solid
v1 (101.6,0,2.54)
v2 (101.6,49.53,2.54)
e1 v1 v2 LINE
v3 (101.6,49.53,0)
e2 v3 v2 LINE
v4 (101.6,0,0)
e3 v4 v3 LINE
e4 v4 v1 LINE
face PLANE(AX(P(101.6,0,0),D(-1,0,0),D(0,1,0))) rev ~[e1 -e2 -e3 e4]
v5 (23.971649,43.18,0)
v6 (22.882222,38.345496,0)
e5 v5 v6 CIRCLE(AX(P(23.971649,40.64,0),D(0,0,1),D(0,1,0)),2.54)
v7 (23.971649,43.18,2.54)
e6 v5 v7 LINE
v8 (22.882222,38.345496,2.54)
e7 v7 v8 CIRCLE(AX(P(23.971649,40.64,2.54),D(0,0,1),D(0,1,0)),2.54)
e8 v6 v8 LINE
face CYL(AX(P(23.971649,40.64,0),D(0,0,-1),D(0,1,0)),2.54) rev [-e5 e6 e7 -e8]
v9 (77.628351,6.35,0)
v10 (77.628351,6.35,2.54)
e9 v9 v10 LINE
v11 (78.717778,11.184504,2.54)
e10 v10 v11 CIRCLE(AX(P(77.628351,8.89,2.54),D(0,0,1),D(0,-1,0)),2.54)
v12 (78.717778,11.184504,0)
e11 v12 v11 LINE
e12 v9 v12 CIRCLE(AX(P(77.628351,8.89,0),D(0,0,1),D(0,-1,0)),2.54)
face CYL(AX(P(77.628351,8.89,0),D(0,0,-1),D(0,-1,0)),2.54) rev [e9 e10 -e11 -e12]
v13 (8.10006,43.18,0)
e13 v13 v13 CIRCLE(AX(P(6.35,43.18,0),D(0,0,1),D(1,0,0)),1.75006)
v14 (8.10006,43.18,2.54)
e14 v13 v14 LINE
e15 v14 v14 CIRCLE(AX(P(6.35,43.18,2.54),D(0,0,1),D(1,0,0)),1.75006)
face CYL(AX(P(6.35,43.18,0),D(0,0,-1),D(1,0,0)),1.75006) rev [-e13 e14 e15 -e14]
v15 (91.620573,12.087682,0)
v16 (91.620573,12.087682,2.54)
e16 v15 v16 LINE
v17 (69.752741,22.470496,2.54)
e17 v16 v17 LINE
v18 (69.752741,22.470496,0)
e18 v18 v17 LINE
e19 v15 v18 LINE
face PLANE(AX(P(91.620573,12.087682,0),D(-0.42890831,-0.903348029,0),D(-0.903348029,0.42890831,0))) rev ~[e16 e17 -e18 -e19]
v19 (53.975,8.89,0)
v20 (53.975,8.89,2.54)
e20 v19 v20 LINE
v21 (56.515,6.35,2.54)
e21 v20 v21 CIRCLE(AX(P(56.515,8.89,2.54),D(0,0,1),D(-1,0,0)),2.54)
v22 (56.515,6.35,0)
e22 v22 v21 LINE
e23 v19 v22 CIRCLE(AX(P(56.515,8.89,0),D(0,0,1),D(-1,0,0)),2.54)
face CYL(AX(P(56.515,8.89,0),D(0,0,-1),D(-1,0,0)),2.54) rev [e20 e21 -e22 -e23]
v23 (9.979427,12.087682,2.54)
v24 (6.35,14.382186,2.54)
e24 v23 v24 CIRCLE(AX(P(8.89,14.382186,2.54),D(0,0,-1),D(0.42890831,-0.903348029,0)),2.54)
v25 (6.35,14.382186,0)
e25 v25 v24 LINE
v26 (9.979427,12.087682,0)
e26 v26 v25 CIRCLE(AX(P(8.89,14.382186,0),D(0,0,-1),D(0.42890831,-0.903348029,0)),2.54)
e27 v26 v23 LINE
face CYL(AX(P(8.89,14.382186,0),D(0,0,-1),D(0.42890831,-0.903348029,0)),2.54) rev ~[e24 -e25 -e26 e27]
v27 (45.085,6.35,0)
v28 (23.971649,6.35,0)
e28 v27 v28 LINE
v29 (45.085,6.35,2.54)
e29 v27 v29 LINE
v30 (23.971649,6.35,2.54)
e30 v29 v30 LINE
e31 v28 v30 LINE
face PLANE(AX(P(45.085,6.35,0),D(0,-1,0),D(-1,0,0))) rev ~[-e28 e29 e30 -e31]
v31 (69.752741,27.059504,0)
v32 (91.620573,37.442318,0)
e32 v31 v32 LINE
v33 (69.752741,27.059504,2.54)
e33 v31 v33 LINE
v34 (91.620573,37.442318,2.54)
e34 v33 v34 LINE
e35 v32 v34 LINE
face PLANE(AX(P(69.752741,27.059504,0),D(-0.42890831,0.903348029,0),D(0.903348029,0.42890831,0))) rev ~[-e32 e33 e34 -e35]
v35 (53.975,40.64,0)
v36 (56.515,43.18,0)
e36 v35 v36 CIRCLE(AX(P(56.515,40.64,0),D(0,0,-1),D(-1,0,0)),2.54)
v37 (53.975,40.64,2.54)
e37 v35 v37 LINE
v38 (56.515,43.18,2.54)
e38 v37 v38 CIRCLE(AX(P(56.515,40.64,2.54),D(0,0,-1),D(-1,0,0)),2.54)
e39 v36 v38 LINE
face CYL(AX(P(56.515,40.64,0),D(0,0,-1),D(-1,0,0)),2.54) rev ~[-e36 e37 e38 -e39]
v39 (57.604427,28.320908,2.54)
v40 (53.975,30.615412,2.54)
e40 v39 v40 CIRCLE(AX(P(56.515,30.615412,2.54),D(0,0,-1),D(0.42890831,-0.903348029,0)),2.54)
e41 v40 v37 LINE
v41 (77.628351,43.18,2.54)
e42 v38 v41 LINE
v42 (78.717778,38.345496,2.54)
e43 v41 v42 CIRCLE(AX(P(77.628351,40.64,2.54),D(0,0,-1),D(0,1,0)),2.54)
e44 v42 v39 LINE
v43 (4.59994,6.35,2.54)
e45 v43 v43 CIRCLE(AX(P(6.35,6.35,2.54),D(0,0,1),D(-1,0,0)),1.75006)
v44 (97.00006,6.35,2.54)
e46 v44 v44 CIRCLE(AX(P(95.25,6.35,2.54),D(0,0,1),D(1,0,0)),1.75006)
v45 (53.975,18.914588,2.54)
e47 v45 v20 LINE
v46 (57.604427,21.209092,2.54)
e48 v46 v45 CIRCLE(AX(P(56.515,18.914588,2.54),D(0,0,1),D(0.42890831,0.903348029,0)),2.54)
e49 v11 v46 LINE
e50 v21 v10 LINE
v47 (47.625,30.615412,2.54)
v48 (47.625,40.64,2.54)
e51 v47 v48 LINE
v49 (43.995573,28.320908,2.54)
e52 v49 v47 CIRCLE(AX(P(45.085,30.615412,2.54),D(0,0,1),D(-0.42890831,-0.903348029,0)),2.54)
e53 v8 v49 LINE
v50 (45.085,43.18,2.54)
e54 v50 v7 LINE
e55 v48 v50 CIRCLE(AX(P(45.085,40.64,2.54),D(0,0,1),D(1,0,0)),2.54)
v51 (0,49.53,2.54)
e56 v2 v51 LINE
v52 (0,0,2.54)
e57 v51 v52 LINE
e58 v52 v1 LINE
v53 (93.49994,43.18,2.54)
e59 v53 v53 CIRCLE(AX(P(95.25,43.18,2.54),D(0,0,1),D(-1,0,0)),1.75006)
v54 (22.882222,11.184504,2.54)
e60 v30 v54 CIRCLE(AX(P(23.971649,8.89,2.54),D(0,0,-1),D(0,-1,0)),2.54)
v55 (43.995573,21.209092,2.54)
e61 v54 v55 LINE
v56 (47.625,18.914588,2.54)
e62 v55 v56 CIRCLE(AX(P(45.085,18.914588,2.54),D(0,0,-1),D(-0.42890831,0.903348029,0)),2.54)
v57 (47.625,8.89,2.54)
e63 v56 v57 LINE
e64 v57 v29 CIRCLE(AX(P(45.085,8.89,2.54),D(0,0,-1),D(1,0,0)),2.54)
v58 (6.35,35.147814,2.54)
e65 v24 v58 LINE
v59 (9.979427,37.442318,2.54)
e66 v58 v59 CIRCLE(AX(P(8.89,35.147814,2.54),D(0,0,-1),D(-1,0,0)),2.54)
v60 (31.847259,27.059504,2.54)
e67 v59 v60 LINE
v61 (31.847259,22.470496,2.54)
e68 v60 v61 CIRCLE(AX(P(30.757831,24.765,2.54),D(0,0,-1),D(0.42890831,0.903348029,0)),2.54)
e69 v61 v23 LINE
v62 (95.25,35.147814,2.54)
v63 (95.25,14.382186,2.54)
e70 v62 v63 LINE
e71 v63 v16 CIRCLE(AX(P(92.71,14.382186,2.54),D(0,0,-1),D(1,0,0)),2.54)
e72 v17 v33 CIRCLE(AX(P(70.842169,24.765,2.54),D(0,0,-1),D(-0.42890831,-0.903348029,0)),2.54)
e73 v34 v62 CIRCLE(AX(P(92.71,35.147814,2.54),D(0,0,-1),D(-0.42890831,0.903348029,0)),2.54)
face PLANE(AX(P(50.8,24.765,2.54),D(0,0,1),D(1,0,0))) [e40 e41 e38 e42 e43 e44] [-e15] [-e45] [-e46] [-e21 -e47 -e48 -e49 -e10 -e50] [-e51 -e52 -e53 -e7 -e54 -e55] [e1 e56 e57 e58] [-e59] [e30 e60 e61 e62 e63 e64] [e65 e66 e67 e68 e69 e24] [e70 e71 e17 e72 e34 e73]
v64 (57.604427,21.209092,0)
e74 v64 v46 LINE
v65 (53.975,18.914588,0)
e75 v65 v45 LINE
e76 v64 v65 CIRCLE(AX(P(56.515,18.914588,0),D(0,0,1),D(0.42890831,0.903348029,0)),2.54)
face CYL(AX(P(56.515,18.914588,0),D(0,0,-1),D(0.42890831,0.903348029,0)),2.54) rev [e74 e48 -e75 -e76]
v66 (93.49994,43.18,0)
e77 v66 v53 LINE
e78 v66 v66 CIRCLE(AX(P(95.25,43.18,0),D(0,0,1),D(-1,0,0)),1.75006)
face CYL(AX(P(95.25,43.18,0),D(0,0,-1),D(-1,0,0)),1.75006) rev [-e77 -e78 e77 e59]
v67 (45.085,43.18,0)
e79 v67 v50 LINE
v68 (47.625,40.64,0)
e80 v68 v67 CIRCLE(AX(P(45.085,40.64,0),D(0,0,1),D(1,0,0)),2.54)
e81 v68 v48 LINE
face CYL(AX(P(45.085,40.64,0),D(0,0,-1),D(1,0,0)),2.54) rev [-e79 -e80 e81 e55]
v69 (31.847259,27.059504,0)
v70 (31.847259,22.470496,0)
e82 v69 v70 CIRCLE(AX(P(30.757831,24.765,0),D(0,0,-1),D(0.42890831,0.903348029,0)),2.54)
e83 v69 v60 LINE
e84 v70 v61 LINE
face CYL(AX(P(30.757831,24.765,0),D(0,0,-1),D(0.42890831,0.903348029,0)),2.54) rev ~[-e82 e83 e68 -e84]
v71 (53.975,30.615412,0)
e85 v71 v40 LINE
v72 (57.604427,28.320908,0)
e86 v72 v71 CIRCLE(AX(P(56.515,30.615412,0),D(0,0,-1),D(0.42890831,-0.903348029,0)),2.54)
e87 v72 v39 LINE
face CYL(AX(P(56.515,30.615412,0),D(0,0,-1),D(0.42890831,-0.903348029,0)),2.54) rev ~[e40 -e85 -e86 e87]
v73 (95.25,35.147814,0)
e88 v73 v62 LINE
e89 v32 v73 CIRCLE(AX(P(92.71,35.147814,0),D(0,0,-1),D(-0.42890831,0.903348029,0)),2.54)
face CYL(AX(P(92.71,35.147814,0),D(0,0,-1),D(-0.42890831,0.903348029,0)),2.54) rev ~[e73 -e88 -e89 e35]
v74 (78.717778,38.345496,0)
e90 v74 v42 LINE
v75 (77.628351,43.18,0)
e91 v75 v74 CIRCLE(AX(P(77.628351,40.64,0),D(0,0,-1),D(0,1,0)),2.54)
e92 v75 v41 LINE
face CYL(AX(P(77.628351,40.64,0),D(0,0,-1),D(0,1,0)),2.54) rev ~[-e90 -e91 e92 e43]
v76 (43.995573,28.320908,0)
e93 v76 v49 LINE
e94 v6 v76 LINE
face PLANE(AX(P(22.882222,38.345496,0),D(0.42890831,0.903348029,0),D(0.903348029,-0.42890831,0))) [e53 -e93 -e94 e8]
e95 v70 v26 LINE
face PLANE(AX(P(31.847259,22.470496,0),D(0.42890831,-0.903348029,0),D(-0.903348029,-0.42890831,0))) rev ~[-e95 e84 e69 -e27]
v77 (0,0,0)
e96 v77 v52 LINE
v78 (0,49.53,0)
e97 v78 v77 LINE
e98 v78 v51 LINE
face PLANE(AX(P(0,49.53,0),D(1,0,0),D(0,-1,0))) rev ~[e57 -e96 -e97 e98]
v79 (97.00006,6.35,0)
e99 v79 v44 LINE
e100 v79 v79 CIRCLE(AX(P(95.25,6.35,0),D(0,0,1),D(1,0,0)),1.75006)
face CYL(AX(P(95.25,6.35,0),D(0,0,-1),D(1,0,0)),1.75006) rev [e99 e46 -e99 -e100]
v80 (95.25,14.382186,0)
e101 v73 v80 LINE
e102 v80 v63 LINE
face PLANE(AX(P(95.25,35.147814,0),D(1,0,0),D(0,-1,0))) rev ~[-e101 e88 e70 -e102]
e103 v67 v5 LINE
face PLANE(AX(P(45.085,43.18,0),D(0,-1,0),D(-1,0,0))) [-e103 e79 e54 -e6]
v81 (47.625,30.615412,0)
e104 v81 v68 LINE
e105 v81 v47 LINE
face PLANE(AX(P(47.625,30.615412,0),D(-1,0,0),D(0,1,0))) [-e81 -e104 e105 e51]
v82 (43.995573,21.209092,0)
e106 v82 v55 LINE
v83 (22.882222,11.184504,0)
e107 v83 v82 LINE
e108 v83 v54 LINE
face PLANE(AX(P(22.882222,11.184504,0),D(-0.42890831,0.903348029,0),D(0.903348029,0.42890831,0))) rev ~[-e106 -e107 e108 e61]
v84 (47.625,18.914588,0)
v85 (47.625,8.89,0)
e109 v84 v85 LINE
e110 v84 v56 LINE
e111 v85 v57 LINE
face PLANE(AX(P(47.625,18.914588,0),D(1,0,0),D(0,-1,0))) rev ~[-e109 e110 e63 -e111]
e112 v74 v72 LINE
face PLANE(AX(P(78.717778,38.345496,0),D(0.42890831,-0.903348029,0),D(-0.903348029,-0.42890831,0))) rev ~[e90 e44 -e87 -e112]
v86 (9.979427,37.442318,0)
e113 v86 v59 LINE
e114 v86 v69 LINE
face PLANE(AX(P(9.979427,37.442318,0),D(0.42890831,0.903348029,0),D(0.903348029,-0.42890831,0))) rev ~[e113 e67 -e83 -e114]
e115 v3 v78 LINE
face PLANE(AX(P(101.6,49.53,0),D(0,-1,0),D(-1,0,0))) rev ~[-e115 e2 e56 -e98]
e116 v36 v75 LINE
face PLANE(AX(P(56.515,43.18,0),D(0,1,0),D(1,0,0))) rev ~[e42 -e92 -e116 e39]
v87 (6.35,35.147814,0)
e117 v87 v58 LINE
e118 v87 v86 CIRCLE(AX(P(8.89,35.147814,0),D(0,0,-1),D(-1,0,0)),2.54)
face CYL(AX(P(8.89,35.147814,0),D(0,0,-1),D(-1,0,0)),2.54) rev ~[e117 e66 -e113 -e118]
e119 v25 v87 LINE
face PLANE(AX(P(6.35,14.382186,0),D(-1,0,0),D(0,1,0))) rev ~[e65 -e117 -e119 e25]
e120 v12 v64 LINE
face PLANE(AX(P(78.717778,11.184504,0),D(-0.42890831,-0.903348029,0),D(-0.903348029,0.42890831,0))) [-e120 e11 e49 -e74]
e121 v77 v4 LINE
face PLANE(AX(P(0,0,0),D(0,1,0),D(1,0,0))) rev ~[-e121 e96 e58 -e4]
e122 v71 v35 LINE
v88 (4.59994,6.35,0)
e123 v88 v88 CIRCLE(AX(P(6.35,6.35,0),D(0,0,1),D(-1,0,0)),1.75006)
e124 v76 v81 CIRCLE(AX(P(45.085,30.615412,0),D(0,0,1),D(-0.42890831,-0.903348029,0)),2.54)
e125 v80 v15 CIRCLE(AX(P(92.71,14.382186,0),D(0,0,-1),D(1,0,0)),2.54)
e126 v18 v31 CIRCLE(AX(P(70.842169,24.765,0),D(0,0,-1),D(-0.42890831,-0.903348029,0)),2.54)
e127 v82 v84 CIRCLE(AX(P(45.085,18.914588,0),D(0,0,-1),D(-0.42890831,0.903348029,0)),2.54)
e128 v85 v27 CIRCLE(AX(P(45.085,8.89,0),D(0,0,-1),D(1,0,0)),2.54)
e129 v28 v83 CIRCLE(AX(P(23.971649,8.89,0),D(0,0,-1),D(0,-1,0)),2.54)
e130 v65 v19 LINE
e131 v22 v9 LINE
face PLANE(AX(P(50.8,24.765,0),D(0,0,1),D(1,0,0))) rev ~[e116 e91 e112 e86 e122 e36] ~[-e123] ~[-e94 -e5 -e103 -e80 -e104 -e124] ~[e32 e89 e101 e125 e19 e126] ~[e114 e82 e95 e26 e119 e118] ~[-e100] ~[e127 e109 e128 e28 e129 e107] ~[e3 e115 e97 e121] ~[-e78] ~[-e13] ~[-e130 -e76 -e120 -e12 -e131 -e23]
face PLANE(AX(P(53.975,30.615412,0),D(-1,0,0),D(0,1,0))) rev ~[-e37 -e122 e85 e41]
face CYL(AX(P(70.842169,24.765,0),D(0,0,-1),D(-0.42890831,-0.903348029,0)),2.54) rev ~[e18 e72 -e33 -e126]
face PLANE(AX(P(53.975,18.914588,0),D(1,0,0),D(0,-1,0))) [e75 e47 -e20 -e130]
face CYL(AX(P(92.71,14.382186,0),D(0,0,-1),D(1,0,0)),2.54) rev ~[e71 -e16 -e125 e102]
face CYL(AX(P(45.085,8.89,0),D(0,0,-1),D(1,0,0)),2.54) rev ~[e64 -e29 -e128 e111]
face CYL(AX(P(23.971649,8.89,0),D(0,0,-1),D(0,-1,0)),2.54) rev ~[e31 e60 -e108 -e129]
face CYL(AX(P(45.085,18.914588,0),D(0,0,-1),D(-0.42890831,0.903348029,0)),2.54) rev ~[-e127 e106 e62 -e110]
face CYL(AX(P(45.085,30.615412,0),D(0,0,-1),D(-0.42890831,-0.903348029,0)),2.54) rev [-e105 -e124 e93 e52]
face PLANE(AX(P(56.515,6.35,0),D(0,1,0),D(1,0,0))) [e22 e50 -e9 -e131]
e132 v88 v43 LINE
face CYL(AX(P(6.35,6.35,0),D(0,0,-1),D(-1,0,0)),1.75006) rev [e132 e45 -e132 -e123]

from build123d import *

# Parameters (mm, degrees)
SKETCH1_R           = 1.75006
SKETCH1_R_2         = 1.750059992
BOSS_EXTRUDE1_DEPTH = 2.54


with BuildPart() as part:
    # Sketch1 → Boss-Extrude1 (new body)
    with BuildSketch(Plane.XY):
        Polygon((2.54, 0), (99.06, 0), (101.6, 0), (101.6, 2.54), (101.6, 46.99), (101.6, 49.53), (99.06, 49.53), (2.54, 49.53), (0, 49.53), (0, 46.99), (0, 2.54), (0, 0), align=None)
        with Locations((6.35, 43.18)):
            Circle(SKETCH1_R, mode=Mode.SUBTRACT)
        with Locations(Location((6.35, 6.35, 0), (0, 0, 180))):
            Circle(SKETCH1_R, mode=Mode.SUBTRACT)
        with Locations((95.25, 6.35)):
            Circle(SKETCH1_R, mode=Mode.SUBTRACT)
        with Locations(Location((95.25, 43.18, 0), (0, 0, 180))):
            Circle(SKETCH1_R_2, mode=Mode.SUBTRACT)
        with BuildLine():
            Line((22.882222071, 38.345496006), (43.995572894, 28.320908231))
            ThreePointArc((43.995572894, 28.320908231), (46.442286843, 28.46846732), (47.625, 30.615412225))
            Line((47.625, 30.615412225), (47.625, 40.64))
            ThreePointArc((47.625, 40.64), (46.881051224, 42.436051224), (45.085, 43.18))
            Line((45.085, 43.18), (23.971649177, 43.18))
            ThreePointArc((23.971649177, 43.18), (21.493783145, 41.19837257), (22.882222071, 38.345496006))
        make_face(mode=Mode.SUBTRACT)
        with BuildLine():
            Line((47.625, 18.914587775), (47.625, 8.89))
            ThreePointArc((47.625, 8.89), (46.881051224, 7.093948776), (45.085, 6.35))
            Line((45.085, 6.35), (23.971649177, 6.35))
            ThreePointArc((23.971649177, 6.35), (21.493783145, 8.33162743), (22.882222071, 11.184503994))
            Line((22.882222071, 11.184503994), (43.995572894, 21.209091769))
            ThreePointArc((43.995572894, 21.209091769), (46.442286843, 21.06153268), (47.625, 18.914587775))
        make_face(mode=Mode.SUBTRACT)
        with BuildLine():
            Line((78.717777929, 11.184503994), (57.604427106, 21.209091769))
            ThreePointArc((57.604427106, 21.209091769), (55.157713157, 21.06153268), (53.975, 18.914587775))
            Line((53.975, 18.914587775), (53.975, 8.89))
            ThreePointArc((53.975, 8.89), (54.718948776, 7.093948776), (56.515, 6.35))
            Line((56.515, 6.35), (77.628350823, 6.35))
            ThreePointArc((77.628350823, 6.35), (80.106216855, 8.33162743), (78.717777929, 11.184503994))
        make_face(mode=Mode.SUBTRACT)
        with BuildLine():
            Line((53.975, 30.615412225), (53.975, 40.64))
            ThreePointArc((53.975, 40.64), (54.718948776, 42.436051224), (56.515, 43.18))
            Line((56.515, 43.18), (77.628350823, 43.18))
            ThreePointArc((77.628350823, 43.18), (80.106216855, 41.19837257), (78.717777929, 38.345496006))
            Line((78.717777929, 38.345496006), (57.604427106, 28.320908231))
            ThreePointArc((57.604427106, 28.320908231), (55.157713157, 28.46846732), (53.975, 30.615412225))
        make_face(mode=Mode.SUBTRACT)
        with BuildLine():
            Line((9.979427106, 37.442318053), (31.847258551, 27.059503994))
            ThreePointArc((31.847258551, 27.059503994), (33.297831444, 24.765), (31.847258551, 22.470496006))
            Line((31.847258551, 22.470496006), (9.979427106, 12.087681947))
            ThreePointArc((9.979427106, 12.087681947), (7.532713157, 12.235241036), (6.35, 14.382185941))
            Line((6.35, 14.382185941), (6.35, 35.147814059))
            ThreePointArc((6.35, 35.147814059), (7.532713157, 37.294758964), (9.979427106, 37.442318053))
        make_face(mode=Mode.SUBTRACT)
        with BuildLine():
            Line((91.620572894, 12.087681947), (69.752741449, 22.470496006))
            ThreePointArc((69.752741449, 22.470496006), (68.302168556, 24.765), (69.752741449, 27.059503994))
            Line((69.752741449, 27.059503994), (91.620572894, 37.442318053))
            ThreePointArc((91.620572894, 37.442318053), (94.067286843, 37.294758964), (95.25, 35.147814059))
            Line((95.25, 35.147814059), (95.25, 14.382185941))
            ThreePointArc((95.25, 14.382185941), (94.067286843, 12.235241036), (91.620572894, 12.087681947))
        make_face(mode=Mode.SUBTRACT)
    extrude(amount=BOSS_EXTRUDE1_DEPTH)


solid = part.part
